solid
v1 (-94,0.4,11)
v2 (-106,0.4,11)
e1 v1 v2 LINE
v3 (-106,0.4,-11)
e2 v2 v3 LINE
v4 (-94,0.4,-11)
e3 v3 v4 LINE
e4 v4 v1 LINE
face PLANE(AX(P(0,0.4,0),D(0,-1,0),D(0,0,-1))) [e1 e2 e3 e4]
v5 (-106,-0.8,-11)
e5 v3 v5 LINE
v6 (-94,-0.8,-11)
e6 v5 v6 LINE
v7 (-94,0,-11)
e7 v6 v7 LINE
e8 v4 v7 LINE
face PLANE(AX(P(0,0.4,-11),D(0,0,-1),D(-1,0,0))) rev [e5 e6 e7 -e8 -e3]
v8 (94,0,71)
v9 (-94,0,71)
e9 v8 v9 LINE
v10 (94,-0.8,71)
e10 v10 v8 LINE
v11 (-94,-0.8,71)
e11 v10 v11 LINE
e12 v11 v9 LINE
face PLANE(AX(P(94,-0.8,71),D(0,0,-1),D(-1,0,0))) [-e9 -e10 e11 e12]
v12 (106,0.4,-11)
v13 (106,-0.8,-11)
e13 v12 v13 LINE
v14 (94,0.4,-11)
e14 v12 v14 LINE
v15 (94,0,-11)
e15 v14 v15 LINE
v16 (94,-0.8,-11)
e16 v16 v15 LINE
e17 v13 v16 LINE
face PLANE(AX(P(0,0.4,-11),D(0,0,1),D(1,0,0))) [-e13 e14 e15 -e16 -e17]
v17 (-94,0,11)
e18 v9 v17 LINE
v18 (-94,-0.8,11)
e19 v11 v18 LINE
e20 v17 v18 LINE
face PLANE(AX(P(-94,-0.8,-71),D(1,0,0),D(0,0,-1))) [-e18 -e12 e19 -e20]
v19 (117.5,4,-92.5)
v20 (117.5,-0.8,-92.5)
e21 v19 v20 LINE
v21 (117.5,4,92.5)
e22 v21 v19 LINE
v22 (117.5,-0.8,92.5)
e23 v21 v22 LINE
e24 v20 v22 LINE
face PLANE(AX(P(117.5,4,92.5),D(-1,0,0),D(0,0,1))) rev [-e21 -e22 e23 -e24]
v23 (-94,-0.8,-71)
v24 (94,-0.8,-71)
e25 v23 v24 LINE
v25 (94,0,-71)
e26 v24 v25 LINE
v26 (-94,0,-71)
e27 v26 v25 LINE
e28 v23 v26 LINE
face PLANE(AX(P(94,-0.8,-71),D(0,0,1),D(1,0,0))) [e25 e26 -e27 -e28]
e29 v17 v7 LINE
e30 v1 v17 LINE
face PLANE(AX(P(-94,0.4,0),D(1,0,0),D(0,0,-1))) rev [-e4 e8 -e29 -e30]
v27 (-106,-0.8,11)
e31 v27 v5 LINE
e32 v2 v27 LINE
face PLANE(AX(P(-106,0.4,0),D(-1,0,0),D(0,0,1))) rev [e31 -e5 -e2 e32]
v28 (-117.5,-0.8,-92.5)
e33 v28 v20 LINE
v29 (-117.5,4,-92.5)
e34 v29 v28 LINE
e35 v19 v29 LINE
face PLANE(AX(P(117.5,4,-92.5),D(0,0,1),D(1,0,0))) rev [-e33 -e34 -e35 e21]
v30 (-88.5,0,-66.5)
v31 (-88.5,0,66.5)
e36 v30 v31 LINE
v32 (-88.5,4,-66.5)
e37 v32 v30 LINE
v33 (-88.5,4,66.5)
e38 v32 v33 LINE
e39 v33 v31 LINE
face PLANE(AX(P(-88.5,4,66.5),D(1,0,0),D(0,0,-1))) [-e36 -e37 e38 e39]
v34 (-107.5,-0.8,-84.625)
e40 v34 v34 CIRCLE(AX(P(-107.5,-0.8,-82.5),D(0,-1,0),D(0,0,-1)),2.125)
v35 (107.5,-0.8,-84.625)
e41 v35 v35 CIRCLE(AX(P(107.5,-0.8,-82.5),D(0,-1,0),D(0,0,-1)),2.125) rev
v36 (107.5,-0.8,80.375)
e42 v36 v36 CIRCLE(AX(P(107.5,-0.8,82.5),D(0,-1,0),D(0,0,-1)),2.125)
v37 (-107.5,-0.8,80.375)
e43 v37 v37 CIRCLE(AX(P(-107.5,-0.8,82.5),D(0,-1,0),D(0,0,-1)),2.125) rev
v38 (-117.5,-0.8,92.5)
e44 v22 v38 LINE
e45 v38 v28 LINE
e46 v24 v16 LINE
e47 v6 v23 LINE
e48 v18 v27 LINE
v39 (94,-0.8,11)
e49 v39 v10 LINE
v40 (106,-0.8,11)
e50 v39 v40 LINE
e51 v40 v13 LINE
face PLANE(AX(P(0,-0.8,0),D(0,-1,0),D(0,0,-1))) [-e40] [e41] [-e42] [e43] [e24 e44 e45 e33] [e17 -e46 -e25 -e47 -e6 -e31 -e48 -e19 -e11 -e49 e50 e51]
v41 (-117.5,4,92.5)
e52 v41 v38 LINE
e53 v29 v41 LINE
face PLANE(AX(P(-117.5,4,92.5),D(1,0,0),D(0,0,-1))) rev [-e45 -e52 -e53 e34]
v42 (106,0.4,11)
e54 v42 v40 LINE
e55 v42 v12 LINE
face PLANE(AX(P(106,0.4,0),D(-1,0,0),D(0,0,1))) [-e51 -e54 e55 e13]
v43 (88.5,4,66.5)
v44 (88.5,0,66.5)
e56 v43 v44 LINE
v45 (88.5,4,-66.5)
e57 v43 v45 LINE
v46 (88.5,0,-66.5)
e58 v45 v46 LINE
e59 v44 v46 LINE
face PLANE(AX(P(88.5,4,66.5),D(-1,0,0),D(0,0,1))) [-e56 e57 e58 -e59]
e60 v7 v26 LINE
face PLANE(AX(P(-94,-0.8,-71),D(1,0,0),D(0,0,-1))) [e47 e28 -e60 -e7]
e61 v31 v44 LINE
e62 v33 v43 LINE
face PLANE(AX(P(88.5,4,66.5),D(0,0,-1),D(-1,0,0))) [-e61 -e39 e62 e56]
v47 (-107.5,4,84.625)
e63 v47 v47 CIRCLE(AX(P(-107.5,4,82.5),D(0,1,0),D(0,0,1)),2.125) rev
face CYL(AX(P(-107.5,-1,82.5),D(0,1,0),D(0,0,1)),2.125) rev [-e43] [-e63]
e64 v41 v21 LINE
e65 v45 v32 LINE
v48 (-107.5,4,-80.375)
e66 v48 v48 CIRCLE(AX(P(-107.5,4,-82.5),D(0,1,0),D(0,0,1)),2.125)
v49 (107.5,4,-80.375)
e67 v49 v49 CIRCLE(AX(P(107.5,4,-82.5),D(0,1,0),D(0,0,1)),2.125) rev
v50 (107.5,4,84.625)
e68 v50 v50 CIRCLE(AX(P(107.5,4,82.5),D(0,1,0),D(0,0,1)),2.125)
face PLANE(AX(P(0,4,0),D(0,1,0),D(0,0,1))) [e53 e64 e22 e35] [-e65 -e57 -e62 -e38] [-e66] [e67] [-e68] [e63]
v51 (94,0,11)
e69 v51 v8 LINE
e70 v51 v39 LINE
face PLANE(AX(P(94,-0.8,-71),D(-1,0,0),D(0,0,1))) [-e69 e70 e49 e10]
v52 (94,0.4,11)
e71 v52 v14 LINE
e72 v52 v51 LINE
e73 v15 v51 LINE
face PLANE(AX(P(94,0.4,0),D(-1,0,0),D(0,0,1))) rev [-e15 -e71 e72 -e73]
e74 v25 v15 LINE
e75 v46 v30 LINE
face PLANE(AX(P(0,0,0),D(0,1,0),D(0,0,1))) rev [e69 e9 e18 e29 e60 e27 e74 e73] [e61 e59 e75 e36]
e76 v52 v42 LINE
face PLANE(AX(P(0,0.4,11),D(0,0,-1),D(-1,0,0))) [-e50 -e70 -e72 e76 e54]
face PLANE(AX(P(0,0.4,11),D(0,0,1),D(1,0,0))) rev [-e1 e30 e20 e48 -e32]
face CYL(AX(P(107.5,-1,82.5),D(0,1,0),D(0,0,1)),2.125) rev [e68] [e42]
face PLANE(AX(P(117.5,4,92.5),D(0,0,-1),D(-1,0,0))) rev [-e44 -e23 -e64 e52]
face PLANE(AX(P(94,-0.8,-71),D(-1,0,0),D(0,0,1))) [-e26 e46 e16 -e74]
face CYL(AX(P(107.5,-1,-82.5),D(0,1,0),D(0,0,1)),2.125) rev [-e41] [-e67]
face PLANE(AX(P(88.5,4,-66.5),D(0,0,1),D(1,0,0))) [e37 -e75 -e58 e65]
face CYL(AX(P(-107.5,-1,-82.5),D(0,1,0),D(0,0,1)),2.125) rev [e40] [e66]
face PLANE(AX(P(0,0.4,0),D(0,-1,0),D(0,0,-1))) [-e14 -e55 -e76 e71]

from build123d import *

# Parameters (mm, degrees)
CROQUIS1_W              = 235
CROQUIS1_H              = 185
CROQUIS1_W_2            = 177
CROQUIS1_H_2            = 133
SALIENTE_EXTRUIR1_DEPTH = 4
CROQUIS2_W              = 235
CROQUIS2_H              = 185
CROQUIS2_W_2            = 188
CROQUIS2_H_2            = 142
SALIENTE_EXTRUIR2_DEPTH = 0.8
CROQUIS3_R              = 2.125
CORTAR_EXTRUIR1_DEPTH   = 5
CROQUIS4_W              = 12
CROQUIS4_H              = 11
CORTAR_EXTRUIR2_DEPTH   = 1.2


with BuildPart() as part:
    # Croquis1 → Saliente-Extruir1 (new body)
    with BuildSketch(Plane(origin=(0, 0, 0), x_dir=(1, 0, 0), z_dir=(0, 1, 0))):
        Rectangle(CROQUIS1_W, CROQUIS1_H)
        Rectangle(CROQUIS1_W_2, CROQUIS1_H_2, mode=Mode.SUBTRACT)
    extrude(amount=SALIENTE_EXTRUIR1_DEPTH)

    # Croquis2 → Saliente-Extruir2 (add)
    with BuildSketch(Plane.XZ):
        Rectangle(CROQUIS2_W, CROQUIS2_H)
        Rectangle(CROQUIS2_W_2, CROQUIS2_H_2, mode=Mode.SUBTRACT)
    extrude(amount=SALIENTE_EXTRUIR2_DEPTH)

    # Croquis3 → Cortar-Extruir1 (cut)
    with BuildSketch(Plane(origin=(0, 4, 0), x_dir=(1, 0, 0), z_dir=(0, 1, 0))):
        with Locations(Location((-107.5, 82.5, 0), (0, 0, 270))):
            Circle(CROQUIS3_R)
        with Locations(Location((-107.5, -82.5, 0), (0, 0, 270))):
            Circle(CROQUIS3_R)
        with Locations(Location((107.5, 82.5, 0), (0, 0, 270))):
            Circle(CROQUIS3_R)
        with Locations(Location((107.5, -82.5, 0), (0, 0, 270))):
            Circle(CROQUIS3_R)
    extrude(amount=-CORTAR_EXTRUIR1_DEPTH, mode=Mode.SUBTRACT)

    # Croquis4 → Cortar-Extruir2 (cut)
    with BuildSketch(Plane.XZ.offset(0.8)):
        with Locations((-100, 5.5)):
            Rectangle(CROQUIS4_W, CROQUIS4_H)
        with Locations((-100, -5.5)):
            Rectangle(CROQUIS4_W, CROQUIS4_H)
        with Locations((100, 5.5)):
            Rectangle(CROQUIS4_W, CROQUIS4_H)
        with Locations((100, -5.5)):
            Rectangle(CROQUIS4_W, CROQUIS4_H)
    extrude(amount=-CORTAR_EXTRUIR2_DEPTH, mode=Mode.SUBTRACT)


solid = part.part
